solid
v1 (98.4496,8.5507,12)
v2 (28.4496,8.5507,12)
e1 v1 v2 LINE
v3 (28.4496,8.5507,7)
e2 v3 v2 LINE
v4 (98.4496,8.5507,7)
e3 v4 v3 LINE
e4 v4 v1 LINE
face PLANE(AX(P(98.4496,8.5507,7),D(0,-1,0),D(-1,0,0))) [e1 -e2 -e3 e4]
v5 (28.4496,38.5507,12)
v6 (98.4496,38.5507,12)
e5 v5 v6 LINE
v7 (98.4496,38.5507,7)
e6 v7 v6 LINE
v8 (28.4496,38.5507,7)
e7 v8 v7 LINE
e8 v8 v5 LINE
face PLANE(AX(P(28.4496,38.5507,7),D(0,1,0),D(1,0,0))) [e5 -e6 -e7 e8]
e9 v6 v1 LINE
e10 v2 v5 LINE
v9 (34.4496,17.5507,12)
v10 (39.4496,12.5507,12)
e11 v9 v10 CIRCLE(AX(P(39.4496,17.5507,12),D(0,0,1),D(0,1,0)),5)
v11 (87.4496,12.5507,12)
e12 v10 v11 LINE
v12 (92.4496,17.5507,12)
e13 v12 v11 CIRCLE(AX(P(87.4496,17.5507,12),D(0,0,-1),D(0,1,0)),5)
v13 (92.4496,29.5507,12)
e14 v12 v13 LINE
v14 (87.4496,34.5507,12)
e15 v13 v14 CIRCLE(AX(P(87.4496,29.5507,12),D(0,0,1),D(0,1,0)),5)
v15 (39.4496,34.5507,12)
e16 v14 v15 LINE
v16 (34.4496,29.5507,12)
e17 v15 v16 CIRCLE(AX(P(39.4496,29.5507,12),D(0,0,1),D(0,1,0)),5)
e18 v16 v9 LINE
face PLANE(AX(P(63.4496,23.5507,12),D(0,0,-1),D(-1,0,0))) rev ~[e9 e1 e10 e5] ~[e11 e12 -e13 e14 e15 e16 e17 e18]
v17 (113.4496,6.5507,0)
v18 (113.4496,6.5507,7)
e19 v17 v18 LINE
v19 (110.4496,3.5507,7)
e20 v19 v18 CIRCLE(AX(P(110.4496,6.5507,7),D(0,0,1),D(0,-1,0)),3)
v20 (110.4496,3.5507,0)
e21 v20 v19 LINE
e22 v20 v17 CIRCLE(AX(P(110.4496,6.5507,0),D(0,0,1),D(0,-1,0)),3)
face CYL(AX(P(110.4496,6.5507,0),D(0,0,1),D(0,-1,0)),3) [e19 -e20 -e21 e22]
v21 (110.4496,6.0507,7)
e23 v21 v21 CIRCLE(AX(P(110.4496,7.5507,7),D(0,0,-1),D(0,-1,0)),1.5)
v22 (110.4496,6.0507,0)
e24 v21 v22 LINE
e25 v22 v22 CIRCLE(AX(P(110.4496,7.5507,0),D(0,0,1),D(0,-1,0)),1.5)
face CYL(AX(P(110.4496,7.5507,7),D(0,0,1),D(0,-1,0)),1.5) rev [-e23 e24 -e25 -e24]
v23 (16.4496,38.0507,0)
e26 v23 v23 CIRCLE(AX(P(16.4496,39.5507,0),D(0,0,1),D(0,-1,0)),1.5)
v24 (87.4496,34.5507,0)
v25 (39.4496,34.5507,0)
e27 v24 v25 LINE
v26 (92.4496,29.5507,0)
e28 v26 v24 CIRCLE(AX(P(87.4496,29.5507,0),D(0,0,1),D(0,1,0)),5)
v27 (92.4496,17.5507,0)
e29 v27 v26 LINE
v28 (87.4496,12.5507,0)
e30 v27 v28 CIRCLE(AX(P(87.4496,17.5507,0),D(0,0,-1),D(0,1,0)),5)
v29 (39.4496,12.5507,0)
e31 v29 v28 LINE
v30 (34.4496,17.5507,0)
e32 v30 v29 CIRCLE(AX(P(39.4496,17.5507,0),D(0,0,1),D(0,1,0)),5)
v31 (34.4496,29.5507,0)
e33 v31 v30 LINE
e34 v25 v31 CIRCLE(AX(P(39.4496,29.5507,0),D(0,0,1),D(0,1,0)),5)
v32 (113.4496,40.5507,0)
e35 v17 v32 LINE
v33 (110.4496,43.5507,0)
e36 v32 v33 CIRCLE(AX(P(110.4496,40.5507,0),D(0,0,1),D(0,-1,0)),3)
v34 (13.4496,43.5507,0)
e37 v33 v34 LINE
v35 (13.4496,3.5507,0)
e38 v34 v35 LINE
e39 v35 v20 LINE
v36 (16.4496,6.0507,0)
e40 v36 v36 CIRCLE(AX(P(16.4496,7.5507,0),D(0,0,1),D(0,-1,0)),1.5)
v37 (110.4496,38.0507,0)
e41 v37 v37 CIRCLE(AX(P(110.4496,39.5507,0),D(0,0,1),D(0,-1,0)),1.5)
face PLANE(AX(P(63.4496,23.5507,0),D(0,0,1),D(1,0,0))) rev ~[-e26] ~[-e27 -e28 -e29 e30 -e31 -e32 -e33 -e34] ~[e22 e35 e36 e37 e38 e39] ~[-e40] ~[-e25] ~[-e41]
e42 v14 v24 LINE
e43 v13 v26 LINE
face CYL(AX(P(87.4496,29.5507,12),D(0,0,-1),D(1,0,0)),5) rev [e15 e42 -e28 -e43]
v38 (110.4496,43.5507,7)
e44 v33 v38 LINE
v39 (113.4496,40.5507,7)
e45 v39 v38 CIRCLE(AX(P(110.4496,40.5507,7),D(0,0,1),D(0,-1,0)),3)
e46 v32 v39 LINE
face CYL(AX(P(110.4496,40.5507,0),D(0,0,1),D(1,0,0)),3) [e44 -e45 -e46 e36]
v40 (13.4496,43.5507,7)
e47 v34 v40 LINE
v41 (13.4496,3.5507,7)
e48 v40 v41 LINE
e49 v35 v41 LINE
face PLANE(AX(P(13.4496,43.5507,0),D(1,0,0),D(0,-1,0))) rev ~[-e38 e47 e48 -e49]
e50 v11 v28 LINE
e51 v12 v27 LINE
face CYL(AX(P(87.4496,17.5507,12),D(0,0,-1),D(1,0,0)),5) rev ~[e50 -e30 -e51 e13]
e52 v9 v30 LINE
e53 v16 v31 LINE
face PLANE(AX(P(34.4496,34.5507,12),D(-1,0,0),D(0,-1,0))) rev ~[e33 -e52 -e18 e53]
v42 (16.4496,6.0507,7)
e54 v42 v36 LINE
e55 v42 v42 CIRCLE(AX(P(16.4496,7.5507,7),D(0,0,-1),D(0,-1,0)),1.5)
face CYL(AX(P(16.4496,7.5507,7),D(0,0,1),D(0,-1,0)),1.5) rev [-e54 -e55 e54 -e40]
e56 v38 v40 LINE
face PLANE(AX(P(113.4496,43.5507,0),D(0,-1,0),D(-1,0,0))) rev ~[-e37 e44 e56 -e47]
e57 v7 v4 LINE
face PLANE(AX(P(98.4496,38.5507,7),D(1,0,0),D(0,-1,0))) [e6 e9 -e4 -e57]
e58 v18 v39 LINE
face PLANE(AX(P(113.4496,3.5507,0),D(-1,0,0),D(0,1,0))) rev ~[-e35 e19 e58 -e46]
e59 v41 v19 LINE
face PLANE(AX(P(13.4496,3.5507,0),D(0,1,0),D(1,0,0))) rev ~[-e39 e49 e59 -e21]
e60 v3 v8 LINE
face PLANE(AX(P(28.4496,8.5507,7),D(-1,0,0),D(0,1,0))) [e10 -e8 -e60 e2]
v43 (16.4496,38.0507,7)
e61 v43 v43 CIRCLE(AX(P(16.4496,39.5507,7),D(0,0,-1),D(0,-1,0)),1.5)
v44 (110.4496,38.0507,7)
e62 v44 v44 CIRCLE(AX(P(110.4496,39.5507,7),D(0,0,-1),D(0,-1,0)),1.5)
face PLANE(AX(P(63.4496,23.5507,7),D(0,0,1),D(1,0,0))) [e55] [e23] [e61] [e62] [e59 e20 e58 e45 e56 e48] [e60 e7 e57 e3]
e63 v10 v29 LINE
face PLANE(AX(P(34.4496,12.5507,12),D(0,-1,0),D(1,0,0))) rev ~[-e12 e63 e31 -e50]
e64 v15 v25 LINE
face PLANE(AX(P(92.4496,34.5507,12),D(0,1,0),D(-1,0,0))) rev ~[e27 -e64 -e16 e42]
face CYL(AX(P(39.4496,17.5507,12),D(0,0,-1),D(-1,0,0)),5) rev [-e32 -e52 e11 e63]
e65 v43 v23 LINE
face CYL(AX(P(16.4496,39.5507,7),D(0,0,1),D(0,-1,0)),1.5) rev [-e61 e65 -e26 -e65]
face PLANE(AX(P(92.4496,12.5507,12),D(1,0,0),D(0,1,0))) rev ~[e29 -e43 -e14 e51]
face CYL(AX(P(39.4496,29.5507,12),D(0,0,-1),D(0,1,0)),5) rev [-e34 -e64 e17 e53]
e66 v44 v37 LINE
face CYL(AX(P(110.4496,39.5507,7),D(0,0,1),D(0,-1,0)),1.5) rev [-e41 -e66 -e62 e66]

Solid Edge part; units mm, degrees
sketch "Sketch1" plane through (0, 0, 0) normal (0, 0, 1) x (1, 0, 0)
  line L0 (13.4496, 3.5507) -> (113.4496, 3.5507)
  line L1 (113.4496, 3.5507) -> (113.4496, 43.5507)
  line L2 (113.4496, 43.5507) -> (13.4496, 43.5507)
  line L3 (13.4496, 43.5507) -> (13.4496, 3.5507)
extrude "Protrusion1" add sketch "Sketch1" along normal blind 7
hole "Hole_1" at (16.4496, 39.5507, 7) direction (0, 0, -1) diameter 3 end through all
hole "Hole1" at (16.4496, 7.5507, 7) direction (0, 0, -1) diameter 3 end through all
hole "Hole2" at (110.4496, 7.5507, 7) direction (0, 0, -1) diameter 3 end through all
hole "Hole3" at (110.4496, 39.5507, 7) direction (0, 0, -1) diameter 3 end through all
sketch "Sketch2" plane through (63.4496, 23.5507, 7) normal (0, 0, 1) x (1, 0, 0)
  line L0 (-35, 15) -> (35, 15)
  line L1 (35, 15) -> (35, -15)
  line L2 (35, -15) -> (-35, -15)
  line L3 (-35, -15) -> (-35, 15)
  dimension "D1" = 15
  dimension "D2" = 5
  dimension "D3" = 5
  dimension "D4" = 15
extrude "ExtrudedProtrusion_2" add sketch "Sketch2" along normal blind 5
sketch "Sketch3" plane through (63.4496, 23.5507, 12) normal (0, 0, 1) x (0, 1, 0)
  line L0 (-11, -29) -> (11, -29)
  line L1 (11, -29) -> (11, 29)
  line L2 (11, 29) -> (-11, 29)
  line L3 (-11, 29) -> (-11, -29)
  dimension "D1" = 4
  dimension "D2" = 4
  dimension "D3" = 4
  dimension "D4" = 6
  dimension "D5" = 6
extrude "Cutout1" cut sketch "Sketch3" against normal through all
fillet "Round_2" radius 5 4 edges at (34.4496, 34.5507, 6) (34.4496, 12.5507, 6) (92.4496, 12.5507, 6) (92.4496, 34.5507, 6)
fillet "Round_4" radius 3 2 edges at (113.4496, 43.5507, 3.5) (113.4496, 3.5507, 3.5)
